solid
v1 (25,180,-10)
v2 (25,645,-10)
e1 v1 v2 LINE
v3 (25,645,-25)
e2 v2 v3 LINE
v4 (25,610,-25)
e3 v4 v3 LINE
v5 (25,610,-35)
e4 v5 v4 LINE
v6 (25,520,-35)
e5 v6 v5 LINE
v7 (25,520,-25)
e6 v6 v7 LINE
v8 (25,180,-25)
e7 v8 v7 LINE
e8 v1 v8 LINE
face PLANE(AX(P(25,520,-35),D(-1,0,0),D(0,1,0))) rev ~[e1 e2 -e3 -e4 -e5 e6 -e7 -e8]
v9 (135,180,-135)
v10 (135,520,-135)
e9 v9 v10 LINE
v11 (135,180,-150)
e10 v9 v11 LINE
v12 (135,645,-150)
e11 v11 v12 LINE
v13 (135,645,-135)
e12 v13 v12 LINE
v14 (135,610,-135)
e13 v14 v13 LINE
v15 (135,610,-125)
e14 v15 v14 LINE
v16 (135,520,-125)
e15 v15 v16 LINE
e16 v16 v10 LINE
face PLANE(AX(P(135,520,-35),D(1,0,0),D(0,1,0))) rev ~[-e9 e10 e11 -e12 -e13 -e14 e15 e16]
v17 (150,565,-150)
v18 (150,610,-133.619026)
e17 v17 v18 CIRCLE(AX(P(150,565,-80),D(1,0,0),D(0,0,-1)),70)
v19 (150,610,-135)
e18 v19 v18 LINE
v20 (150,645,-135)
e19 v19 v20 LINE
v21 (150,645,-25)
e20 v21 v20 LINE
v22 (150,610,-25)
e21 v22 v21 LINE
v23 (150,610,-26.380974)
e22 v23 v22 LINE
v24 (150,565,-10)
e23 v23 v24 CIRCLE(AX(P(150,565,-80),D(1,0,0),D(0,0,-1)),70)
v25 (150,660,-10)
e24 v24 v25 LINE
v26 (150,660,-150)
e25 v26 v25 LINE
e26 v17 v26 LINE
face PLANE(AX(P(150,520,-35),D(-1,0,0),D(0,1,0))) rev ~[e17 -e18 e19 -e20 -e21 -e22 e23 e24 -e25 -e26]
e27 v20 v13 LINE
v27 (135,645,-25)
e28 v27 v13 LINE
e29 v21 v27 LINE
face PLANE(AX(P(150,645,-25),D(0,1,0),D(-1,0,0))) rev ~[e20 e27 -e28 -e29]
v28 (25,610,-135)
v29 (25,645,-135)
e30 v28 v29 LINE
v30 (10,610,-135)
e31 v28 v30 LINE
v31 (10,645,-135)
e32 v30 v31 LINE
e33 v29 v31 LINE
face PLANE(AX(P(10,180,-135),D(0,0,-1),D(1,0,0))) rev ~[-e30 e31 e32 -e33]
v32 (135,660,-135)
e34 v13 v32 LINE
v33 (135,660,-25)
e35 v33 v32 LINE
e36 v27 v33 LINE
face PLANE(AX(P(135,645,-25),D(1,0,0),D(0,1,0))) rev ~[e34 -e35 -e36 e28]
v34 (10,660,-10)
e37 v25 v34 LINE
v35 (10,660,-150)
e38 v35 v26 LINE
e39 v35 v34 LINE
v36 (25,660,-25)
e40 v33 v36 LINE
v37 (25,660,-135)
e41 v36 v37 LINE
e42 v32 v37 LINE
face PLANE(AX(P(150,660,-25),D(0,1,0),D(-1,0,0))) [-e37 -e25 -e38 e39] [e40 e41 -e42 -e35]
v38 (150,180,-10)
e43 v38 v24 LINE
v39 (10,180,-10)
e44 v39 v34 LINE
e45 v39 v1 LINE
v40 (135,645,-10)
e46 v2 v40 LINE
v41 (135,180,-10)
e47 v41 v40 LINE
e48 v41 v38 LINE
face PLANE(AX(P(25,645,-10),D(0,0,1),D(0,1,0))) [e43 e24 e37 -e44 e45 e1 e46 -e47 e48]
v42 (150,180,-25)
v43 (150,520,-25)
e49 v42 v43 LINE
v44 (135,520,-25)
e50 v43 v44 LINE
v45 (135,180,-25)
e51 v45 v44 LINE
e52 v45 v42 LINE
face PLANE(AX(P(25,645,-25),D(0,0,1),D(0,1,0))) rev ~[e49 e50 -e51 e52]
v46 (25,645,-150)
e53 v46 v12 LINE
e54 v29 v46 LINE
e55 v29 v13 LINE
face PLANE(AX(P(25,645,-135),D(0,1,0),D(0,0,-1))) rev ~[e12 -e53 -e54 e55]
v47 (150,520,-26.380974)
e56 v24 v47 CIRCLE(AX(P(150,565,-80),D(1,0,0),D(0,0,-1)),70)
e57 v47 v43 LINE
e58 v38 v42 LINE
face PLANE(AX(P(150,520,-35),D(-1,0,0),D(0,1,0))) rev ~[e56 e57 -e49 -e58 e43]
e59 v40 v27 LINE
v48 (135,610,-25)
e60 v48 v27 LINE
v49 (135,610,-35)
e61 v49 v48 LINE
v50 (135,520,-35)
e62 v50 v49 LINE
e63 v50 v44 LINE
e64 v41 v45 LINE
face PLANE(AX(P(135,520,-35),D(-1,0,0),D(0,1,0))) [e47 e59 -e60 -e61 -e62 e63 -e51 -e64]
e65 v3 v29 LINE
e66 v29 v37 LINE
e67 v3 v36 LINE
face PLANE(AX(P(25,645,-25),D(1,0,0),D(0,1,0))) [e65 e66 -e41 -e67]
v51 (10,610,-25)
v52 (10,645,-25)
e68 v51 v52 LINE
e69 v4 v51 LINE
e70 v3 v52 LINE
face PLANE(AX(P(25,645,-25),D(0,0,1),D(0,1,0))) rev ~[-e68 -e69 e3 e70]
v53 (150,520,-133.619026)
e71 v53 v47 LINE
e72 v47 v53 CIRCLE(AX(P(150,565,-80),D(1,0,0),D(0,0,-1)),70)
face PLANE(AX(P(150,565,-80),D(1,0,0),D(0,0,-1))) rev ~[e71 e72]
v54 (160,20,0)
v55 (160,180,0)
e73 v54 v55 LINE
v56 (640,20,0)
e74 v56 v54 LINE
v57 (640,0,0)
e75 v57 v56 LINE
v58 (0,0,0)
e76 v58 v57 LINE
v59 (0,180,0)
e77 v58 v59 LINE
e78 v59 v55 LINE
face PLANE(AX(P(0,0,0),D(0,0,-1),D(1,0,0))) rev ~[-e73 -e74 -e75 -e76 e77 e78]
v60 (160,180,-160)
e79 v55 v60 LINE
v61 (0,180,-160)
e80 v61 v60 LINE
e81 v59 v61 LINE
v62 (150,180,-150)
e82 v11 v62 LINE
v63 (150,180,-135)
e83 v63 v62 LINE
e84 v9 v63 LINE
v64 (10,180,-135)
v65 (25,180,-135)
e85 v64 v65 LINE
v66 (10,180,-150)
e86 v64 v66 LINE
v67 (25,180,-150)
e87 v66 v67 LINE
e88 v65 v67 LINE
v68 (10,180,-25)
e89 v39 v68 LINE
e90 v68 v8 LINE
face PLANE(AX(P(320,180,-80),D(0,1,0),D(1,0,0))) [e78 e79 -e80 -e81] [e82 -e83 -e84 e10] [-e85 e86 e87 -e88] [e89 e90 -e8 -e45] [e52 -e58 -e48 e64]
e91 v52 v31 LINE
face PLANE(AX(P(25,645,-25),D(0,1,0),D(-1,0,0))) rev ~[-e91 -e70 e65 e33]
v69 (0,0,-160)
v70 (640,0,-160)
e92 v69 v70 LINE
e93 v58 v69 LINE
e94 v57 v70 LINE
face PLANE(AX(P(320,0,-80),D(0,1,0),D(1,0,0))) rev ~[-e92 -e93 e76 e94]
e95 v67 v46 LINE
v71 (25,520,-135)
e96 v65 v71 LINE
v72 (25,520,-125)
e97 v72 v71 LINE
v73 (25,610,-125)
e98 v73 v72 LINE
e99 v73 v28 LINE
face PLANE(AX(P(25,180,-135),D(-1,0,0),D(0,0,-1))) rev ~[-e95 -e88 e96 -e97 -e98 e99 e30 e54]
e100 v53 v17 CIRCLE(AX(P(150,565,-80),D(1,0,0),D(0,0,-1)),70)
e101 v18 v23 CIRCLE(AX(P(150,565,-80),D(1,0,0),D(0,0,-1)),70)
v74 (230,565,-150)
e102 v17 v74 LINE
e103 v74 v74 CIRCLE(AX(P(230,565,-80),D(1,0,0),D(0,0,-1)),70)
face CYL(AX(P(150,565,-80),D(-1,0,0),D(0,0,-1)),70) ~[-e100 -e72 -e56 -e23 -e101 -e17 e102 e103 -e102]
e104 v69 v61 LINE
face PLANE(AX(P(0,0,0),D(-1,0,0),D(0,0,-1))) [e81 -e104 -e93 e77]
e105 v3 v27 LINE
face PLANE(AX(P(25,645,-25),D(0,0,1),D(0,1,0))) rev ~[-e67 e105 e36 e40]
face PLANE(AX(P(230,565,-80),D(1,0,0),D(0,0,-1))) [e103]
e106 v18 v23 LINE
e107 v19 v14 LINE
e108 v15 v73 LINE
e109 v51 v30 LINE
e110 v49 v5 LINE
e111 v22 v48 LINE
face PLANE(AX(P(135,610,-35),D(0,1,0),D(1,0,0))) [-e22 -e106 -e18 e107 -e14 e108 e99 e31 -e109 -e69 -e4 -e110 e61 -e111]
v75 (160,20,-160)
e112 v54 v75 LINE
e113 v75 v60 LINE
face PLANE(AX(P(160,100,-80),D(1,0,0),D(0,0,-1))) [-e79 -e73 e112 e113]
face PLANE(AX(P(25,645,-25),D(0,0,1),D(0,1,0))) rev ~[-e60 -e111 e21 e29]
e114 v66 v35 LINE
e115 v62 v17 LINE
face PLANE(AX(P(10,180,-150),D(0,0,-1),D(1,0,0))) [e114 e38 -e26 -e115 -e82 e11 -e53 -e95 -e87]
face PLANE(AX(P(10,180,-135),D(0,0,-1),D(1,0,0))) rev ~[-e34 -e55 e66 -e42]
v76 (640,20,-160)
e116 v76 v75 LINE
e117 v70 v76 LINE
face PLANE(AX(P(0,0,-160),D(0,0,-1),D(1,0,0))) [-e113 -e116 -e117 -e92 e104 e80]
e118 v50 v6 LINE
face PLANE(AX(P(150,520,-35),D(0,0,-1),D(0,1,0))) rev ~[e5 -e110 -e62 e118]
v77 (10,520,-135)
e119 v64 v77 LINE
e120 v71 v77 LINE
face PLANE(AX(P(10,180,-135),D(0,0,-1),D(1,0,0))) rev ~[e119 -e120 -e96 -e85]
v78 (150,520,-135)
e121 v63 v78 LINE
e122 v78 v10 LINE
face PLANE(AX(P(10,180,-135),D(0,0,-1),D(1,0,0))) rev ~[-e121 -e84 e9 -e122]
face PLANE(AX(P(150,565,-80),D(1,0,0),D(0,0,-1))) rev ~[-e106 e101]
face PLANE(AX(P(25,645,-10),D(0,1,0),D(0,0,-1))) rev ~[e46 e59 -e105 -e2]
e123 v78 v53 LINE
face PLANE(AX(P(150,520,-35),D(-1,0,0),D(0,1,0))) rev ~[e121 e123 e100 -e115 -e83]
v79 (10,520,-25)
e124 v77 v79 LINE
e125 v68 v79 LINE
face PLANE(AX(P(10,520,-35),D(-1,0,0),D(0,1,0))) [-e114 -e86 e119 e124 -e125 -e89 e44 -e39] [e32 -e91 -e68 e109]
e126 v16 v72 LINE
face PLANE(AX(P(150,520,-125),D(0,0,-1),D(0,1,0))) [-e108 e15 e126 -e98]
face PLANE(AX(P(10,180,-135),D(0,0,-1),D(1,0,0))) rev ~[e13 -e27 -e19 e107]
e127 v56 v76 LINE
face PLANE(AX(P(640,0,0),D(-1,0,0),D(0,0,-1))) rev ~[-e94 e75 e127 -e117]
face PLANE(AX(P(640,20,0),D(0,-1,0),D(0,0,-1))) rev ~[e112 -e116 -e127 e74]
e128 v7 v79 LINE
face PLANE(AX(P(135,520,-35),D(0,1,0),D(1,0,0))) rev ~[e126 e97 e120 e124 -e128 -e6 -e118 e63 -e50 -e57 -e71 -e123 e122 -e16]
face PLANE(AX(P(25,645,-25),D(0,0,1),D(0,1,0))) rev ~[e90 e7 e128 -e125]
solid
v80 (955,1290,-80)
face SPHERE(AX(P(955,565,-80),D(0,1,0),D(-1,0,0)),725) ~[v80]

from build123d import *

# Parameters (mm, degrees)
SKETCH1_W                       = 640
SKETCH1_H                       = 160
BOSS_EXTRUDE1_DEPTH             = 180
SKETCH2_W                       = 160
SKETCH2_H                       = 160
CUT_EXTRUDE1_DEPTH              = 480
SKETCH5_W                       = 15
SKETCH5_H                       = 15
BOSS_EXTRUDE2_DEPTH             = 480
SKETCH6_W                       = 15
SKETCH6_H                       = 15
BOSS_EXTRUDE3_DEPTH             = 110
SKETCH7_W                       = 15
SKETCH7_H                       = 15
BOSS_EXTRUDE4_DEPTH             = 110
SKETCH9_W                       = 90
SKETCH9_H                       = 90
BOSS_EXTRUDE5_DEPTH             = 140
BOSS_EXTRUDE6_REACH             = 929.807
SKETCH10_W                      = 15
SKETCH10_H                      = 90
BOSS_EXTRUDE6_DIRECTION_2_REACH = 929.807
SKETCH8_R                       = 70
BOSS_EXTRUDE7_DEPTH             = 80


with BuildPart() as part:
    # Sketch1 → Boss-Extrude1 (new body)
    with BuildSketch(Plane(origin=(0, 0, 0), x_dir=(1, 0, 0), z_dir=(0, 1, 0))):
        with Locations((320, 80)):
            Rectangle(SKETCH1_W, SKETCH1_H)
    extrude(amount=BOSS_EXTRUDE1_DEPTH)

    # Sketch2 → Cut-Extrude1 (cut)
    with BuildSketch(Plane(origin=(640, 0, 0), x_dir=(0, 0, -1), z_dir=(1, 0, 0))):
        with Locations((80, 100)):
            Rectangle(SKETCH2_W, SKETCH2_H)
    extrude(amount=-CUT_EXTRUDE1_DEPTH, mode=Mode.SUBTRACT)

    # Sketch5 → Boss-Extrude2 (add)
    with BuildSketch(Plane(origin=(0, 180, 0), x_dir=(1, 0, 0), z_dir=(0, 1, 0))):
        with Locations((17.5, 142.5)):
            Rectangle(SKETCH5_W, SKETCH5_H)
        with Locations((142.5, 142.5)):
            Rectangle(SKETCH5_W, SKETCH5_H)
        with Locations((142.5, 17.5)):
            Rectangle(SKETCH5_W, SKETCH5_H)
        with Locations((17.5, 17.5)):
            Rectangle(SKETCH5_W, SKETCH5_H)
    extrude(amount=BOSS_EXTRUDE2_DEPTH)

    # Sketch6 → Boss-Extrude3 (add)
    with BuildSketch(Plane(origin=(25, 0, 0), x_dir=(0, 0, -1), z_dir=(1, 0, 0))):
        with Locations((17.5, 652.5)):
            Rectangle(SKETCH6_W, SKETCH6_H)
        with Locations((142.5, 652.5)):
            Rectangle(SKETCH6_W, SKETCH6_H)
    extrude(amount=BOSS_EXTRUDE3_DEPTH)

    # Sketch7 → Boss-Extrude4 (add)
    with BuildSketch(Plane(origin=(0, 0, -25), x_dir=(-1, 0, 0), z_dir=(0, 0, -1))):
        with Locations((-142.5, 652.5)):
            Rectangle(SKETCH7_W, SKETCH7_H)
        with Locations((-17.5, 652.5)):
            Rectangle(SKETCH7_W, SKETCH7_H)
    extrude(amount=BOSS_EXTRUDE4_DEPTH)

    # Boss-Extrude6: up to this face of the body (flat: up to its plane)
    boss_extrude6_end = Plane(part.part.faces().sort_by_distance((17.5, 412.5, -25))[0])
    # Sketch10 → Boss-Extrude6 (add, up to the picked face)
    with BuildSketch(Plane.XY.offset(-35), mode=Mode.PRIVATE) as boss_extrude6_sk1:
        with Locations((17.5, 565)):
            Rectangle(SKETCH10_W, SKETCH10_H)
    boss_extrude6_tool1 = split(extrude(boss_extrude6_sk1.sketch, amount=BOSS_EXTRUDE6_REACH, mode=Mode.PRIVATE), bisect_by=boss_extrude6_end, keep=Keep.BOTH, mode=Mode.PRIVATE)
    # Sketch10 → Boss-Extrude6 (add, up to the picked face)
    with BuildSketch(Plane.XY.offset(-35), mode=Mode.PRIVATE) as boss_extrude6_sk2:
        with Locations((142.5, 565)):
            Rectangle(SKETCH10_W, SKETCH10_H)
    boss_extrude6_tool2 = split(extrude(boss_extrude6_sk2.sketch, amount=BOSS_EXTRUDE6_REACH, mode=Mode.PRIVATE), bisect_by=boss_extrude6_end, keep=Keep.BOTH, mode=Mode.PRIVATE)


with BuildPart() as body_2:
    # Sketch9 → Boss-Extrude5 (new body)
    with BuildSketch(Plane(origin=(150, 0, 0), x_dir=(0, 0, -1), z_dir=(1, 0, 0))):
        with Locations((80, 565)):
            Rectangle(SKETCH9_W, SKETCH9_H)
    extrude(amount=-BOSS_EXTRUDE5_DEPTH)


with BuildPart() as part_1:
    add(part.part)

    add(body_2.part)  # Boss-Extrude6 merges body 2
    add(boss_extrude6_tool1.solids().sort_by(Axis((17.5, 565, -35), (0, 0, 1)))[0])
    add(boss_extrude6_tool2.solids().sort_by(Axis((142.5, 565, -35), (0, 0, 1)))[0])

    # Boss-Extrude6 direction 2: up to this face of the body (flat: up to its plane)
    boss_extrude6_direction_2_end = Plane(part_1.part.faces().sort_by_distance((17.5, 412.5, -135))[0])
    # Sketch10 → Boss-Extrude6 direction 2 (add, up to the picked face)
    with BuildSketch(Plane.XY.offset(-35), mode=Mode.PRIVATE) as boss_extrude6_direction_2_sk1:
        with Locations((17.5, 565)):
            Rectangle(SKETCH10_W, SKETCH10_H)
    boss_extrude6_direction_2_tool1 = split(extrude(boss_extrude6_direction_2_sk1.sketch, amount=-BOSS_EXTRUDE6_DIRECTION_2_REACH, mode=Mode.PRIVATE), bisect_by=boss_extrude6_direction_2_end, keep=Keep.BOTH, mode=Mode.PRIVATE)
    # Sketch10 → Boss-Extrude6 direction 2 (add, up to the picked face)
    with BuildSketch(Plane.XY.offset(-35), mode=Mode.PRIVATE) as boss_extrude6_direction_2_sk2:
        with Locations((142.5, 565)):
            Rectangle(SKETCH10_W, SKETCH10_H)
    boss_extrude6_direction_2_tool2 = split(extrude(boss_extrude6_direction_2_sk2.sketch, amount=-BOSS_EXTRUDE6_DIRECTION_2_REACH, mode=Mode.PRIVATE), bisect_by=boss_extrude6_direction_2_end, keep=Keep.BOTH, mode=Mode.PRIVATE)
    add(boss_extrude6_direction_2_tool1.solids().sort_by(Axis((17.5, 565, -35), (0, 0, -1)))[0])
    add(boss_extrude6_direction_2_tool2.solids().sort_by(Axis((142.5, 565, -35), (0, 0, -1)))[0])

    # Sketch8 → Boss-Extrude7 (add)
    with BuildSketch(Plane(origin=(150, 0, 0), x_dir=(0, 0, -1), z_dir=(1, 0, 0))):
        with Locations((80, 565)):
            Circle(SKETCH8_R)
    extrude(amount=BOSS_EXTRUDE7_DEPTH)


with BuildPart() as body_2_2:
    # Sketch11 → Revolve1 (revolve)
    with BuildSketch(Plane.XY.offset(-80)):
        with BuildLine():
            Line((955, 1290), (955, -160))
            ThreePointArc((955, -160), (230, 565), (955, 1290))
        make_face()
    revolve(axis=Axis((955, 1290, -80), (0, -1, 0)))


solid = Compound([part_1.part, body_2_2.part])
